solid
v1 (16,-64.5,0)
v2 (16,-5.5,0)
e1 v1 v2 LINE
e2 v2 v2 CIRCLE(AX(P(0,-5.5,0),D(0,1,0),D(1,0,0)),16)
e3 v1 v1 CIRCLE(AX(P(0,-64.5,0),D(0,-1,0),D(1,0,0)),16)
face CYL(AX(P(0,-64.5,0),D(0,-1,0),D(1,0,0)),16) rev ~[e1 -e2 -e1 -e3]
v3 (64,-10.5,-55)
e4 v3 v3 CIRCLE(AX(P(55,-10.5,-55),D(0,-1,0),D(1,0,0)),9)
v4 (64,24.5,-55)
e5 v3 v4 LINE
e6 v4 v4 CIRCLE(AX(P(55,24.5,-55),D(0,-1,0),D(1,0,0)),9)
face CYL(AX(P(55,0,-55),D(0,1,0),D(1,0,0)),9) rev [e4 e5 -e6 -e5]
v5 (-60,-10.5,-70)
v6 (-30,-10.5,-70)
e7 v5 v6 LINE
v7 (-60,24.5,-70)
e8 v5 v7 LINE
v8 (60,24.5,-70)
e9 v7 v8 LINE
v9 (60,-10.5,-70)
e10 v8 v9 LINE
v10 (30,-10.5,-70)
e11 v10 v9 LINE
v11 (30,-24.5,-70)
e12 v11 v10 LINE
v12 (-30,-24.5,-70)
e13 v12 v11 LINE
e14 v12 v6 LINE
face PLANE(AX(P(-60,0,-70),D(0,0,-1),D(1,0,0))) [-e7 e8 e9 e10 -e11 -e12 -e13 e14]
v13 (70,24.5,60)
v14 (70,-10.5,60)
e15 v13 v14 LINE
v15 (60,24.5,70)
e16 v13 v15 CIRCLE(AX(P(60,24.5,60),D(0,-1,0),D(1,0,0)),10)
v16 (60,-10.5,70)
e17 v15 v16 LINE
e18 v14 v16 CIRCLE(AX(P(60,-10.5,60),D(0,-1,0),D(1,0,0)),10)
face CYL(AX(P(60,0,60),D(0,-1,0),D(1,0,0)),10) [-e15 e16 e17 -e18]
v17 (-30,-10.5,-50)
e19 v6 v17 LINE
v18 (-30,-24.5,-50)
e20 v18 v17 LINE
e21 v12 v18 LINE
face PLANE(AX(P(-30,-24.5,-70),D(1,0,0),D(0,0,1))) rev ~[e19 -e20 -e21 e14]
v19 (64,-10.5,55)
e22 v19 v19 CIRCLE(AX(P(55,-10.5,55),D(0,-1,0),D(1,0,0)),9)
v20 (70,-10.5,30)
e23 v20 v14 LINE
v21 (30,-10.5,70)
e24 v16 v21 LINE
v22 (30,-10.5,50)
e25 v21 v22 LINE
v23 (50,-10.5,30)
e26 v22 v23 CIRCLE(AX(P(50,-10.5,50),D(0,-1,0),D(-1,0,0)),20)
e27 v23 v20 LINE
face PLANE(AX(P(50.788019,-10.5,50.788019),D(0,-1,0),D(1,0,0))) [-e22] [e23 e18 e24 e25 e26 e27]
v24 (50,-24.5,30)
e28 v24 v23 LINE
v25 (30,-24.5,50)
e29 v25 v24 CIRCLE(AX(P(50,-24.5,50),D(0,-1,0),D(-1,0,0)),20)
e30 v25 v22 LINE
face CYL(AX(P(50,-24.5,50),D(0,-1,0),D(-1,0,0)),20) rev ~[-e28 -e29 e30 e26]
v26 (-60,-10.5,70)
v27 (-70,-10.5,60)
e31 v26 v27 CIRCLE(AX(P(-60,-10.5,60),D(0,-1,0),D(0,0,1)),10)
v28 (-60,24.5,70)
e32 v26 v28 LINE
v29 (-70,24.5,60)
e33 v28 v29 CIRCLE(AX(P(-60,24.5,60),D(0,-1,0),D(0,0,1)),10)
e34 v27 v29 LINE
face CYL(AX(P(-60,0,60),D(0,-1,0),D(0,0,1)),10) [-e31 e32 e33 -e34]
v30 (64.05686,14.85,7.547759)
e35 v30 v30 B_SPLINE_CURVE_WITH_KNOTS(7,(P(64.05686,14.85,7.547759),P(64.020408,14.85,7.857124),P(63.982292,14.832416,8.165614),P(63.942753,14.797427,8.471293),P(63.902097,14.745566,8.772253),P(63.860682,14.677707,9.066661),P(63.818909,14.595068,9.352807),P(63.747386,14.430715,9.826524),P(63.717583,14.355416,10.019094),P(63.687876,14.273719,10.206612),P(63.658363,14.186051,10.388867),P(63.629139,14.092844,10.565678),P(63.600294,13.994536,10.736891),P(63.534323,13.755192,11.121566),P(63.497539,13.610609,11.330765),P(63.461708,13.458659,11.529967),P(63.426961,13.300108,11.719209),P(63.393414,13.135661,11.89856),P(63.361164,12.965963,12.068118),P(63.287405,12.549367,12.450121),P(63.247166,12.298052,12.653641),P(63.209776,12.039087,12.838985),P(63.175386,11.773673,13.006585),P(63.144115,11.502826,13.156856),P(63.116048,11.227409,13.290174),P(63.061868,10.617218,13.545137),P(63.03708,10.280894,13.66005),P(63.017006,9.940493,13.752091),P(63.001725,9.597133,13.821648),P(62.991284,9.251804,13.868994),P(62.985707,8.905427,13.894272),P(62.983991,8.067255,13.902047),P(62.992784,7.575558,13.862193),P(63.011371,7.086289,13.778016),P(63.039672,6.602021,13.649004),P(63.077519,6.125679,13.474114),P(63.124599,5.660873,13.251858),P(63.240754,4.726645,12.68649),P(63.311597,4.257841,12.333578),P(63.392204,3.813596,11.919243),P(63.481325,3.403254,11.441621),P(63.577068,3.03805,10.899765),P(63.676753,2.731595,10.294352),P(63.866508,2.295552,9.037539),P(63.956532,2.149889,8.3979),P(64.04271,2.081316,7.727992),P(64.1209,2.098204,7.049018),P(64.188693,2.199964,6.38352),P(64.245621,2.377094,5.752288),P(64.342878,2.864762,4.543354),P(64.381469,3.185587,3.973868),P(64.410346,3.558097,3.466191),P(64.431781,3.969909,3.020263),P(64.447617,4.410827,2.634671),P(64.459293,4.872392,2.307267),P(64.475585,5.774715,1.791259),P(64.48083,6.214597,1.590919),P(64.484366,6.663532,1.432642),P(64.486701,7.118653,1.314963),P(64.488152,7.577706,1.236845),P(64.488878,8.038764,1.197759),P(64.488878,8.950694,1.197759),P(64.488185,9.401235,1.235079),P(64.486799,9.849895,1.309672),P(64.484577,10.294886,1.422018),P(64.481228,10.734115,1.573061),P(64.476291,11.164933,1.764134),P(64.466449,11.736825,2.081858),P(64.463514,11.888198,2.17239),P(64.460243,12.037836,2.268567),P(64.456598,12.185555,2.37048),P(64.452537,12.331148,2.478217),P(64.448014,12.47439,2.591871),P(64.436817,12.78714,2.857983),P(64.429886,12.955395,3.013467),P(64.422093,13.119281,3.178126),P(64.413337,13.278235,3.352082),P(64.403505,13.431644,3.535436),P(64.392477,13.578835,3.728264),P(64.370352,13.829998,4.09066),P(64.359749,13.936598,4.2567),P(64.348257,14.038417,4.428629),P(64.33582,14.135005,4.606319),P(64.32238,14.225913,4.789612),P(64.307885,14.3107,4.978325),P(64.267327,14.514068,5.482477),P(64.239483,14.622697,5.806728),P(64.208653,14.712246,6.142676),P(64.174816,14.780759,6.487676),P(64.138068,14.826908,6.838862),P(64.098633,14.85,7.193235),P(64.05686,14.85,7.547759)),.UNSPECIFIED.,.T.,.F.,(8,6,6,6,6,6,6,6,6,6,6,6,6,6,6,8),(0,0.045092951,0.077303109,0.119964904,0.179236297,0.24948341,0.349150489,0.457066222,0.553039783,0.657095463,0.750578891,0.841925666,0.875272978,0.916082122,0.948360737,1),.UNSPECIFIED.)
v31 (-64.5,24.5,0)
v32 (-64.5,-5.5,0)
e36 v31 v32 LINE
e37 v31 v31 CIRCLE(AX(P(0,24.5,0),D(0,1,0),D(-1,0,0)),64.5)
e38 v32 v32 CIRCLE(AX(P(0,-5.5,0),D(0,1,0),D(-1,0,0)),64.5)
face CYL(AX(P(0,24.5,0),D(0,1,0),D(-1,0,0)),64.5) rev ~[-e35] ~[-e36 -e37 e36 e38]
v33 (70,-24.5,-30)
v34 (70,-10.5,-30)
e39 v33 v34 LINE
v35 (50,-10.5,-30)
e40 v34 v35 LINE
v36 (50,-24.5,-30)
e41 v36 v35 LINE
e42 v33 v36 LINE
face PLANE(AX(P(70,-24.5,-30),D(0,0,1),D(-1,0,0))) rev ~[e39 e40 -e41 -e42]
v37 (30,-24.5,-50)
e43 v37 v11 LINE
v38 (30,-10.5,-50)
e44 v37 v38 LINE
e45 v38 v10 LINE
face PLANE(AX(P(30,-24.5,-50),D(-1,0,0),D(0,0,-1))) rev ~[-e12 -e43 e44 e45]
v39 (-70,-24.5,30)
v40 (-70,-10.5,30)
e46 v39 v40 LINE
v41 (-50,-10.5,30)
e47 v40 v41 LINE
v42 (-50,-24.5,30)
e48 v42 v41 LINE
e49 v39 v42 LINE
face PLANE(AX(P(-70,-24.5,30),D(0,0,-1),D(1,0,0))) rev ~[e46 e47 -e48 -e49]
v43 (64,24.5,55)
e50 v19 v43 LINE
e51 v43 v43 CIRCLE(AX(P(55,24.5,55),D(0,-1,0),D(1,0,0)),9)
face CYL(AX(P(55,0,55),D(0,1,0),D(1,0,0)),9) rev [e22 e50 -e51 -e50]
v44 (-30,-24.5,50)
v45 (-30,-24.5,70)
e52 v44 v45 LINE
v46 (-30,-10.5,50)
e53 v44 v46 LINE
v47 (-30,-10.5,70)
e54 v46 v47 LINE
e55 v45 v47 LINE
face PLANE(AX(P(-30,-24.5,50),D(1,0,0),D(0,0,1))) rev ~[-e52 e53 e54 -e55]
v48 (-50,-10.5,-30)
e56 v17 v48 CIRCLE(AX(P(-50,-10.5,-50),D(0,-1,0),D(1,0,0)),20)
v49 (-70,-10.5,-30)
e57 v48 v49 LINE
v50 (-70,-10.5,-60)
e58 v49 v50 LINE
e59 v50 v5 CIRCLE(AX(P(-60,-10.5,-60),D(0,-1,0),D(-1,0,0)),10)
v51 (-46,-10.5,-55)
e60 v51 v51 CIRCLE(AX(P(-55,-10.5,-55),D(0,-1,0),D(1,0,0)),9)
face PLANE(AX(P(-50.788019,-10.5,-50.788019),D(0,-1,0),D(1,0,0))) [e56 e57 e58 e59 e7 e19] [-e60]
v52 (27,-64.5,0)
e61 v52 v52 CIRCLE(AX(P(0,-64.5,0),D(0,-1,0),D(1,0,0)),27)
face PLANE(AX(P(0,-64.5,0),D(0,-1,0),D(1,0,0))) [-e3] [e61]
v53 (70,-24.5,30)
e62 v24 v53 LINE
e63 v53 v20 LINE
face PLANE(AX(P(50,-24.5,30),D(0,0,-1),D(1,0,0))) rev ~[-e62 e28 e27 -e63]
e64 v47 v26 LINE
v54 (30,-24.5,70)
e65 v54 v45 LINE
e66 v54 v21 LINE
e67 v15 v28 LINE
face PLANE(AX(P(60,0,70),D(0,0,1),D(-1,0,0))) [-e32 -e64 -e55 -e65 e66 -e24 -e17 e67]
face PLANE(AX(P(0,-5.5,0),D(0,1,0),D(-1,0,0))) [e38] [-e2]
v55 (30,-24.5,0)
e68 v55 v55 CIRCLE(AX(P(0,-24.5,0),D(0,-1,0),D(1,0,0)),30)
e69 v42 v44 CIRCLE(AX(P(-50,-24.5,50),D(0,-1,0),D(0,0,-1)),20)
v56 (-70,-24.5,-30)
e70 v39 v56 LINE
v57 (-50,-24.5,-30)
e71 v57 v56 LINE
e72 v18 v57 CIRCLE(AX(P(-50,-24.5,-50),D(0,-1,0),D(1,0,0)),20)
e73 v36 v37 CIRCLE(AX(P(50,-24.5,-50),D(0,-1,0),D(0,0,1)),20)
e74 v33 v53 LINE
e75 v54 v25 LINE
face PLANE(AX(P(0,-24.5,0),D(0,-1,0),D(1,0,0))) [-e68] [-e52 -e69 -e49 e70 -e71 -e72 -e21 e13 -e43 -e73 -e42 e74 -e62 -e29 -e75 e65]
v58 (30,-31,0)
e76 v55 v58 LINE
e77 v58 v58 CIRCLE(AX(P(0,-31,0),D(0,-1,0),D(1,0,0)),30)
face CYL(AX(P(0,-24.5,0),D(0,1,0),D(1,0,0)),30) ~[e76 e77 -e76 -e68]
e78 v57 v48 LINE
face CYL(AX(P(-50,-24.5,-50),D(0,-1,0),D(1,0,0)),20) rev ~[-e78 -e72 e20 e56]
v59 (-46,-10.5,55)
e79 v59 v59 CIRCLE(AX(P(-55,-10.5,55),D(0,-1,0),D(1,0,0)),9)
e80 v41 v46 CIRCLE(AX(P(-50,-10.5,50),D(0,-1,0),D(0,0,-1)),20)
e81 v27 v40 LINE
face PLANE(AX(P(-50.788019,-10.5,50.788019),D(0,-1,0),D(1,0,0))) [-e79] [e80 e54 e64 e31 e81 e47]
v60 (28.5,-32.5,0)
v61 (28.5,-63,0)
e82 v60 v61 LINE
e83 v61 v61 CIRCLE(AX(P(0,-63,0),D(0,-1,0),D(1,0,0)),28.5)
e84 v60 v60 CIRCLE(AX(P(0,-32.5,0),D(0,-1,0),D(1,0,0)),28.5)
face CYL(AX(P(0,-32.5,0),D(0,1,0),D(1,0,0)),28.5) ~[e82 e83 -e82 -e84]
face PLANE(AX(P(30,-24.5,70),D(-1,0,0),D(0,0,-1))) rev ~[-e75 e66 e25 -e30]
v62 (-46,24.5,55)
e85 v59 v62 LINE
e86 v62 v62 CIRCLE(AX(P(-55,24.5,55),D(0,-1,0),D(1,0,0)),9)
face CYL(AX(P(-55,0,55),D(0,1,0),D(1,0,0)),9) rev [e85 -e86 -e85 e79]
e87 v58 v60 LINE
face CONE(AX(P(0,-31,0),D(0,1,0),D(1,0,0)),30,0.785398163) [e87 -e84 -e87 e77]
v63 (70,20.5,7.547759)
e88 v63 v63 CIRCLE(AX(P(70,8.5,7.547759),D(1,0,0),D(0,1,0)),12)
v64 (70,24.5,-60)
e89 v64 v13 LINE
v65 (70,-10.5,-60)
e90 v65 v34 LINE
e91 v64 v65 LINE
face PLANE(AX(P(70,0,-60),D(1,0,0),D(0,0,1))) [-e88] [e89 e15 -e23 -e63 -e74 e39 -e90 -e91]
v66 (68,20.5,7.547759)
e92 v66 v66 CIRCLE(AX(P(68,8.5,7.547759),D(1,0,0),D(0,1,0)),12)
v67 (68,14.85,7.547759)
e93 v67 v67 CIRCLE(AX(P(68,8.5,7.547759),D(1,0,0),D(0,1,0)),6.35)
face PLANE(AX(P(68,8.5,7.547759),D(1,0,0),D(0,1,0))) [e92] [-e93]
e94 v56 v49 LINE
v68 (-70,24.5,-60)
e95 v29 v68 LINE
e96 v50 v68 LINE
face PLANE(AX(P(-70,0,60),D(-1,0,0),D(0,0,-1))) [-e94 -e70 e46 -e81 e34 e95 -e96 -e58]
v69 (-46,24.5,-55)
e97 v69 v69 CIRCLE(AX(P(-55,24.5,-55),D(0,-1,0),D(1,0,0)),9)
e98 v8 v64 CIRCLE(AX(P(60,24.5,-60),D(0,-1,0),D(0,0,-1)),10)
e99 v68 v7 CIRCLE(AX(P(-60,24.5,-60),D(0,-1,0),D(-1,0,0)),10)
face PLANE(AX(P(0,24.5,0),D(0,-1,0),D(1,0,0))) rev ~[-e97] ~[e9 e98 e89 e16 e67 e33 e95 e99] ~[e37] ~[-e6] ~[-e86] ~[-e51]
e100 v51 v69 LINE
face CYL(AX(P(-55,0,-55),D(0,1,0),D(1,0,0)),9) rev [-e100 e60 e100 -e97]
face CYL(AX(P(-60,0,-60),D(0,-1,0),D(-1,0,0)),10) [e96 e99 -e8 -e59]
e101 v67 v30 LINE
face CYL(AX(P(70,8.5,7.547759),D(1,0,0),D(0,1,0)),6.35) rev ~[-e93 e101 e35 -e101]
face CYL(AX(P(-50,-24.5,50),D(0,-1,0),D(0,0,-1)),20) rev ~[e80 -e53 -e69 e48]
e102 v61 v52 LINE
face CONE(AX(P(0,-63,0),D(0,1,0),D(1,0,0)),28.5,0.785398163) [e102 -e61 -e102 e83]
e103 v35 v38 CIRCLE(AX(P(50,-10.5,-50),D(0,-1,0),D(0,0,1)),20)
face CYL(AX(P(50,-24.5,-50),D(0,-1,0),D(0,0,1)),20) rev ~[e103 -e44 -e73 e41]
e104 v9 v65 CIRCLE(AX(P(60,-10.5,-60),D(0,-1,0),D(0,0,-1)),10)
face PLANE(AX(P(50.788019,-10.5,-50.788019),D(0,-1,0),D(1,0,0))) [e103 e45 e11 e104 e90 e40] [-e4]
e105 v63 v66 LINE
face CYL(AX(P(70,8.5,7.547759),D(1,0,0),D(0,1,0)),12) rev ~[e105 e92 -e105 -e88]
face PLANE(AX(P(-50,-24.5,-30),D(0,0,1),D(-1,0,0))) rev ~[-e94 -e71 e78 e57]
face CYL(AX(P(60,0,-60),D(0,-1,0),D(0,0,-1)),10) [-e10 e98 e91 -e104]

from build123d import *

# Parameters (mm, degrees)
F0_R      = 9
F1_DEPTH  = 24.5
F2_R      = 9
F3_DEPTH  = 14
F4_R      = 30
F5_DEPTH  = 8
F6_SIZE   = 1.5
F7_R      = 28.5
F8_DEPTH  = 32
F9_SIZE   = 1.5
F10_R     = 16
F11_DEPTH = 89.001
F12_R     = 64.5
F12_R_2   = 16
F13_DEPTH = 30
F14_R     = 12
F14_R_2   = 6.35
F15_DEPTH = 2
F16_DEPTH = 9


with BuildPart() as f1:
    # F0 (on Front) → F1 (new body, symmetric)
    with BuildSketch(Plane.XZ):
        with BuildLine():
            Line((-60, -70), (60, -70))
            ThreePointArc((60, -70), (67.0710678119, -67.0710678119), (70, -60))
            Line((70, -60), (70, 60))
            ThreePointArc((70, 60), (67.0710678119, 67.0710678119), (60, 70))
            Line((60, 70), (-60, 70))
            ThreePointArc((-60, 70), (-67.0710678119, 67.0710678119), (-70, 60))
            Line((-70, 60), (-70, -60))
            ThreePointArc((-70, -60), (-67.0710678119, -67.0710678119), (-60, -70))
        make_face()
        with Locations((-55, -55)):
            Circle(F0_R, mode=Mode.SUBTRACT)
        with Locations((55, -55)):
            Circle(F0_R, mode=Mode.SUBTRACT)
        with Locations((-55, 55)):
            Circle(F0_R, mode=Mode.SUBTRACT)
        with Locations((55, 55)):
            Circle(F0_R, mode=Mode.SUBTRACT)
    extrude(amount=F1_DEPTH, both=True)

    # F2 (on face) → F3 (cut)
    with BuildSketch(Plane.XZ.offset(24.5)):
        with BuildLine():
            Line((30, -50), (30, -70))
            Line((30, -70), (60, -70))
            ThreePointArc((60, -70), (67.0710678119, -67.0710678119), (70, -60))
            Line((70, -60), (70, -30))
            Line((70, -30), (50, -30))
            ThreePointArc((50, -30), (35.8578643763, -35.8578643763), (30, -50))
        make_face()
        with Locations((55, -55)):
            Circle(F2_R, mode=Mode.SUBTRACT)
        with BuildLine():
            Line((60, 70), (30, 70))
            Line((30, 70), (30, 50))
            ThreePointArc((30, 50), (35.8578643763, 35.8578643763), (50, 30))
            Line((50, 30), (70, 30))
            Line((70, 30), (70, 60))
            ThreePointArc((70, 60), (67.0710678119, 67.0710678119), (60, 70))
        make_face()
        with Locations((55, 55)):
            Circle(F2_R, mode=Mode.SUBTRACT)
        with BuildLine():
            Line((-70, 60), (-70, 30))
            Line((-70, 30), (-50, 30))
            ThreePointArc((-50, 30), (-35.8578643763, 35.8578643763), (-30, 50))
            Line((-30, 50), (-30, 70))
            Line((-30, 70), (-60, 70))
            ThreePointArc((-60, 70), (-67.0710678119, 67.0710678119), (-70, 60))
        make_face()
        with Locations((-55, 55)):
            Circle(F2_R, mode=Mode.SUBTRACT)
        with BuildLine():
            Line((-50, -30), (-70, -30))
            Line((-70, -30), (-70, -60))
            ThreePointArc((-70, -60), (-67.0710678119, -67.0710678119), (-60, -70))
            Line((-60, -70), (-30, -70))
            Line((-30, -70), (-30, -50))
            ThreePointArc((-30, -50), (-35.8578643763, -35.8578643763), (-50, -30))
        make_face()
        with Locations((-55, -55)):
            Circle(F2_R, mode=Mode.SUBTRACT)
    extrude(amount=-F3_DEPTH, mode=Mode.SUBTRACT)

    # F4 (on face) → F5 (join)
    with BuildSketch(Plane.XZ.offset(24.5)):
        Circle(F4_R)
    extrude(amount=F5_DEPTH)

    # F6
    f6_edges = [f1.edges().sort_by_distance(p)[0] for p in [
        (-30, -32.5, 0),
    ]]
    chamfer(f6_edges, length=F6_SIZE)

    # F7 (on face) → F8 (join)
    with BuildSketch(Plane.XZ.offset(32.5)):
        Circle(F7_R)
    extrude(amount=F8_DEPTH)

    # F9
    f9_edges = [f1.edges().sort_by_distance(p)[0] for p in [
        (-28.5, -64.5, 0),
    ]]
    chamfer(f9_edges, length=F9_SIZE)

    # F10 (on face) → F11 (cut, through all)
    with BuildSketch(Plane.XZ.offset(64.5)):
        Circle(F10_R)
    extrude(amount=-F11_DEPTH, mode=Mode.SUBTRACT)

    # F12 (on face) → F13 (cut)
    with BuildSketch(Plane(origin=(0, 24.5, 0), x_dir=(-1, 0, 0), z_dir=(0, 1, 0))):
        Circle(F12_R)
        Circle(F12_R_2, mode=Mode.SUBTRACT)
    extrude(amount=-F13_DEPTH, mode=Mode.SUBTRACT)

    # F14 (on face) → F15 (cut)
    with BuildSketch(Plane.YZ.offset(70)):
        with Locations((8.5, 7.547759451)):
            Circle(F14_R)
        with Locations((8.5, 7.547759451)):
            Circle(F14_R_2, mode=Mode.SUBTRACT)
    extrude(amount=-F15_DEPTH, mode=Mode.SUBTRACT)

    # F16 (cut): a face of the model
    f16_faces = [f1.faces().sort_by_distance(p)[0] for p in [
        (70, 8.5, 7.547759451),
    ]]
    extrude(f16_faces, amount=-F16_DEPTH, mode=Mode.SUBTRACT)


solid = f1.part
